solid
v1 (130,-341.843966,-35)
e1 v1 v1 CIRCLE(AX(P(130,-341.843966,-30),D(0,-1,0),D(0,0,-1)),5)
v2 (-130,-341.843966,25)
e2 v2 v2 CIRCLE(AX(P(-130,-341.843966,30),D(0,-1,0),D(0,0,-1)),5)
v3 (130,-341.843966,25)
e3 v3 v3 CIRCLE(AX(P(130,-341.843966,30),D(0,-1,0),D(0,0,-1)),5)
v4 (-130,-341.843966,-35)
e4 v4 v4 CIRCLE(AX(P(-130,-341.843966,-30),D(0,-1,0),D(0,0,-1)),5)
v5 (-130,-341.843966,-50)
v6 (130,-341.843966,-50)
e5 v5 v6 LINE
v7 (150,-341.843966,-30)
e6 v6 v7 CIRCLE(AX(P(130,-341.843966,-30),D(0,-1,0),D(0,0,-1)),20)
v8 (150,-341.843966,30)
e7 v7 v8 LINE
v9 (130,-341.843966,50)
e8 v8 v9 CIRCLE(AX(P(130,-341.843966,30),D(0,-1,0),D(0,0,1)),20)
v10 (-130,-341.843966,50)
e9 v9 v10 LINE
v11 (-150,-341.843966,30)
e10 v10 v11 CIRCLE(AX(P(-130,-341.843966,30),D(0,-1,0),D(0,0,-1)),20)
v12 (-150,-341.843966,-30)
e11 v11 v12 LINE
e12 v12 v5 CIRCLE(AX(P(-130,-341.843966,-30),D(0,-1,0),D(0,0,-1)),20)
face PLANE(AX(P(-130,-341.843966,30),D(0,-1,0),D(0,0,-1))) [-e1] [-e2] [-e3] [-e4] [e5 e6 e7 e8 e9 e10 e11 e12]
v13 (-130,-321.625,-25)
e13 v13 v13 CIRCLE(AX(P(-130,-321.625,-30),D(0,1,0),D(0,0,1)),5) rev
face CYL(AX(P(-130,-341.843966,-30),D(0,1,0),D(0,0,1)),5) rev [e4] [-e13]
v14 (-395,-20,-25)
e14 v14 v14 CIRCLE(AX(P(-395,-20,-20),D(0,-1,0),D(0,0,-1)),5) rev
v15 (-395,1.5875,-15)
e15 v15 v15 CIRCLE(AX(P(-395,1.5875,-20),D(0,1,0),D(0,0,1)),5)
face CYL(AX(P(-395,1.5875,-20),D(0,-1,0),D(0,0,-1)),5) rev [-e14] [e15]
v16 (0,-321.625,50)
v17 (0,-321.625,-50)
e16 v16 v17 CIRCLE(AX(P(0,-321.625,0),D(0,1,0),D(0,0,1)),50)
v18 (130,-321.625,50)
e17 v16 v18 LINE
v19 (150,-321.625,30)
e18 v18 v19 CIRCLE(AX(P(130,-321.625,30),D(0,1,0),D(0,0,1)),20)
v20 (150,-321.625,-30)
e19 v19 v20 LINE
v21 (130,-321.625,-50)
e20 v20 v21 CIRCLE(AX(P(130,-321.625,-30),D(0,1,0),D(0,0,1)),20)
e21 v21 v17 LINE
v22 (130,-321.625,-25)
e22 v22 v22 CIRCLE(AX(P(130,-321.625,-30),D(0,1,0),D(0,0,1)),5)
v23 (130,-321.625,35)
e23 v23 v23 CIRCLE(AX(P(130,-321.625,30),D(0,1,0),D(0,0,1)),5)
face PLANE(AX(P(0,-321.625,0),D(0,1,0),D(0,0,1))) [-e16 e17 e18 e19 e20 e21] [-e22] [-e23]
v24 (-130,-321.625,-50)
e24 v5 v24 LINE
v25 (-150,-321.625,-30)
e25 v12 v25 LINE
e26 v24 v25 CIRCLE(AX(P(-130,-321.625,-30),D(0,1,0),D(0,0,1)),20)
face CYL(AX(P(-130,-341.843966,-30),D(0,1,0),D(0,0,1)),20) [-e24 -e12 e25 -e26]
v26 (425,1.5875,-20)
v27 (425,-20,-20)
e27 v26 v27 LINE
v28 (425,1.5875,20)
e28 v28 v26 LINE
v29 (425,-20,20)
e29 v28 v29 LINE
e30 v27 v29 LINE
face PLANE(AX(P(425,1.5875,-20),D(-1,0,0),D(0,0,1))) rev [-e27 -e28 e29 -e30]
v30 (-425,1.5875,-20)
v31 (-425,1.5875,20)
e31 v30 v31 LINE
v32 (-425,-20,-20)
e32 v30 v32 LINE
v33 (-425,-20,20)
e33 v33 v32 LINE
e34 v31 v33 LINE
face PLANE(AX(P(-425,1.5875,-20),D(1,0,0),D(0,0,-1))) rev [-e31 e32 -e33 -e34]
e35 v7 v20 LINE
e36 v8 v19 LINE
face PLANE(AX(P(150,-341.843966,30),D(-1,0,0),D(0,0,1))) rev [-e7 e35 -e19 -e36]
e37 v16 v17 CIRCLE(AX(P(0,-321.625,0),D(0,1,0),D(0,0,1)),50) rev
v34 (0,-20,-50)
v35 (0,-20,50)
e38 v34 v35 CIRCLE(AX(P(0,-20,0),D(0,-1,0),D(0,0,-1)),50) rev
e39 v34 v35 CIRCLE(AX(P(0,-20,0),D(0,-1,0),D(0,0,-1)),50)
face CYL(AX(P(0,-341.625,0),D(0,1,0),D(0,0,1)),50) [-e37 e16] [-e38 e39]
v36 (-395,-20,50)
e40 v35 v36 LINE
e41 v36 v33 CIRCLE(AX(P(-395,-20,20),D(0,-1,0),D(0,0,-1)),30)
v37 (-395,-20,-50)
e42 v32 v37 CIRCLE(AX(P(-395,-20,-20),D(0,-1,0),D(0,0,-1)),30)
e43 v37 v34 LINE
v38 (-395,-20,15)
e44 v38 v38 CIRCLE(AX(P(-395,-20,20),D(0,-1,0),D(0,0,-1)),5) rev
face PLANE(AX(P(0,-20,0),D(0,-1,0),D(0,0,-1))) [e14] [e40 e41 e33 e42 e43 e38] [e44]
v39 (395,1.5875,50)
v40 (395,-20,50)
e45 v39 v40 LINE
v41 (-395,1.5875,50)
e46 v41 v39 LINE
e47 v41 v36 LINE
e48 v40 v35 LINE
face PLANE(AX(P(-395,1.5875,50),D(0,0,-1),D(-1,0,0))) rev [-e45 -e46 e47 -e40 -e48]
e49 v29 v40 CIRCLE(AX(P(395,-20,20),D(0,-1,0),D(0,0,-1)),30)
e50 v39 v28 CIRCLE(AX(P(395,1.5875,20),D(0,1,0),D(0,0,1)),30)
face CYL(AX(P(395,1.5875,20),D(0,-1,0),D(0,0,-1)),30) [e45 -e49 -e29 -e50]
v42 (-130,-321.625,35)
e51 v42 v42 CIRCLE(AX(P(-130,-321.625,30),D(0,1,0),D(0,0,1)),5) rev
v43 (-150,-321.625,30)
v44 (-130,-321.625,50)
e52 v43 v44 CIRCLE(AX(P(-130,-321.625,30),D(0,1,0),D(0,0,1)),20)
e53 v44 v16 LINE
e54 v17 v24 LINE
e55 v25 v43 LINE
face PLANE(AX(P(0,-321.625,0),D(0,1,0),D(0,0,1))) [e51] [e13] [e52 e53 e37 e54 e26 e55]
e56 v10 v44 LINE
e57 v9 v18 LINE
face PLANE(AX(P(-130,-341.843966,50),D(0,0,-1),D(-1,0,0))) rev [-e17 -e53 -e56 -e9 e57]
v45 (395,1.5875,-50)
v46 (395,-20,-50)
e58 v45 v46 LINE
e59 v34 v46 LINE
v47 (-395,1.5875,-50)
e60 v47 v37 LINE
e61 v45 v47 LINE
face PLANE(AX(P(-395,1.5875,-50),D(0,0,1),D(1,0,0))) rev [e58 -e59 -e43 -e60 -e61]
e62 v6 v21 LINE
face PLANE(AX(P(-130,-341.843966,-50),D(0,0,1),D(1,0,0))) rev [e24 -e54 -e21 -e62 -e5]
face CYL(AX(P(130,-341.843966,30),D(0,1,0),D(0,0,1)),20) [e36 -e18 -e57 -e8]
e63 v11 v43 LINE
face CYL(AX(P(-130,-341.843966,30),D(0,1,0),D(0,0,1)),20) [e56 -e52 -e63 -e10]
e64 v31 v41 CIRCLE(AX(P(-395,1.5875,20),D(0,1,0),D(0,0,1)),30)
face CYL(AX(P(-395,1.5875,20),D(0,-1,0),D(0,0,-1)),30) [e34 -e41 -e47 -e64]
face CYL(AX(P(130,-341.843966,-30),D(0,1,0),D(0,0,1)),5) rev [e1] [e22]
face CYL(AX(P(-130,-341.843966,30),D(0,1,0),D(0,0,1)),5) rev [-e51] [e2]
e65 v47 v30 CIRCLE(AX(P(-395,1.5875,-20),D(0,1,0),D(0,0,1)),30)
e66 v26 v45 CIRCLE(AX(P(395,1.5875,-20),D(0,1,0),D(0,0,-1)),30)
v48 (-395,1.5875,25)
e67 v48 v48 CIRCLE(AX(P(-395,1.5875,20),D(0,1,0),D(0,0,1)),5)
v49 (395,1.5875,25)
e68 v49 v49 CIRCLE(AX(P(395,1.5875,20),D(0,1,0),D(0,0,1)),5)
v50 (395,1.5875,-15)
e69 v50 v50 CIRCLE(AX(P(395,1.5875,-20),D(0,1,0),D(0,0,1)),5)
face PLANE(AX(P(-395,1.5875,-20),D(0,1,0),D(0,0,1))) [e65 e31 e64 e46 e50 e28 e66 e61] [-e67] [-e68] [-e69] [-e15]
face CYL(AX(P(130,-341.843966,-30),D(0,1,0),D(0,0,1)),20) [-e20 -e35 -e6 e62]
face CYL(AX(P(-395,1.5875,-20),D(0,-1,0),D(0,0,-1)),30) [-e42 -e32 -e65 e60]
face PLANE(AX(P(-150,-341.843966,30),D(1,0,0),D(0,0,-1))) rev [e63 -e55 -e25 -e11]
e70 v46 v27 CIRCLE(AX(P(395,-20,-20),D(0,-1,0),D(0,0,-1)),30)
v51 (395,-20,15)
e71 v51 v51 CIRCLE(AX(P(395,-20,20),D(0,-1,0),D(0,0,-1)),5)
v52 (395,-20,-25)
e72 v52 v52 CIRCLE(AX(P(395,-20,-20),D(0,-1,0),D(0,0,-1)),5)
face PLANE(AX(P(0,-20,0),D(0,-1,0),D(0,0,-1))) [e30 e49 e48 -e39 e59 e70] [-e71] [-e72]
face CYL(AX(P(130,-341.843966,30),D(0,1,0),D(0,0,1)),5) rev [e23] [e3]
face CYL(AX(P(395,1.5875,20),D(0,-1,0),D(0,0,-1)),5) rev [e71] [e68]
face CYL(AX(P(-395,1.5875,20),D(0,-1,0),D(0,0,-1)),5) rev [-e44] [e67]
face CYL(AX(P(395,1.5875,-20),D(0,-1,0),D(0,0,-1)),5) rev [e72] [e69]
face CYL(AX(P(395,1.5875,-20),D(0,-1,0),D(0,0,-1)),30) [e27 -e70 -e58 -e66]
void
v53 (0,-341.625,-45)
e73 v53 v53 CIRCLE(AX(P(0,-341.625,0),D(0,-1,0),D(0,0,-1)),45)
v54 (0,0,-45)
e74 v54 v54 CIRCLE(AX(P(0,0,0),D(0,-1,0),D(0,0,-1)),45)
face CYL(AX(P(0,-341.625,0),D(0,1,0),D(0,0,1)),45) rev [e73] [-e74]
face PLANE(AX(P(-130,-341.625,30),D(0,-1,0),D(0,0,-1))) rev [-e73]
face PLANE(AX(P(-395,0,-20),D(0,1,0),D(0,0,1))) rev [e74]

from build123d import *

# Parameters (mm, degrees)
SKETCH1_R           = 5
BOSS_EXTRUDE1_DEPTH = 1.5875
SKETCH2_R           = 50
SKETCH2_R_2         = 45
BOSS_EXTRUDE2_DEPTH = 341.625
SKETCH3_R           = 5
BOSS_EXTRUDE3_DEPTH = 0.218965517
BOSS_EXTRUDE4_START = 20
SKETCH4_R           = 5
BOSS_EXTRUDE4_DEPTH = 20
BOSS_EXTRUDE5_START = 20
SKETCH5_R           = 5
BOSS_EXTRUDE5_DEPTH = 20


with BuildPart() as part:
    # Sketch1 → Boss-Extrude1 (new body)
    with BuildSketch(Plane(origin=(0, 0, 0), x_dir=(1, 0, 0), z_dir=(0, 1, 0))):
        with BuildLine():
            Line((-395, 50), (395, 50))
            ThreePointArc((395, 50), (416.213203436, 41.213203436), (425, 20))
            Line((425, 20), (425, -20))
            ThreePointArc((425, -20), (416.213203436, -41.213203436), (395, -50))
            Line((395, -50), (-395, -50))
            ThreePointArc((-395, -50), (-416.213203436, -41.213203436), (-425, -20))
            Line((-425, -20), (-425, 20))
            ThreePointArc((-425, 20), (-416.213203436, 41.213203436), (-395, 50))
        make_face()
        with Locations((-395, 20)):
            Circle(SKETCH1_R, mode=Mode.SUBTRACT)
        with Locations((-395, -20)):
            Circle(SKETCH1_R, mode=Mode.SUBTRACT)
        with Locations((395, 20)):
            Circle(SKETCH1_R, mode=Mode.SUBTRACT)
        with Locations((395, -20)):
            Circle(SKETCH1_R, mode=Mode.SUBTRACT)
    extrude(amount=BOSS_EXTRUDE1_DEPTH)

    # Sketch2 → Boss-Extrude2 (add)
    with BuildSketch(Plane.XZ):
        Circle(SKETCH2_R)
        Circle(SKETCH2_R_2, mode=Mode.SUBTRACT)
    extrude(amount=BOSS_EXTRUDE2_DEPTH)

    # Sketch3 → Boss-Extrude3 (add)
    with BuildSketch(Plane.XZ.offset(341.625)):
        with BuildLine():
            Line((-130, 50), (130, 50))
            ThreePointArc((130, 50), (144.142135624, 44.142135624), (150, 30))
            Line((150, 30), (150, -30))
            ThreePointArc((150, -30), (144.142135624, -44.142135624), (130, -50))
            Line((130, -50), (-130, -50))
            ThreePointArc((-130, -50), (-144.142135624, -44.142135624), (-150, -30))
            Line((-150, -30), (-150, 30))
            ThreePointArc((-150, 30), (-144.142135624, 44.142135624), (-130, 50))
        make_face()
        with Locations((-130, 30)):
            Circle(SKETCH3_R, mode=Mode.SUBTRACT)
        with Locations((-130, -30)):
            Circle(SKETCH3_R, mode=Mode.SUBTRACT)
        with Locations((130, 30)):
            Circle(SKETCH3_R, mode=Mode.SUBTRACT)
        with Locations((130, -30)):
            Circle(SKETCH3_R, mode=Mode.SUBTRACT)
    extrude(amount=BOSS_EXTRUDE3_DEPTH)

    # Sketch4 → Boss-Extrude4 (add)
    # profile 1 of 2: a face of its own
    with BuildSketch(Plane.XZ.offset(BOSS_EXTRUDE4_START)):
        with BuildLine():
            ThreePointArc((0, 50), (50, 0), (0, -50))
            Line((0, -50), (395, -50))
            ThreePointArc((395, -50), (416.213203436, -41.213203436), (425, -20))
            Line((425, -20), (425, 20))
            ThreePointArc((425, 20), (416.213203436, 41.213203436), (395, 50))
            Line((395, 50), (0, 50))
        make_face()
        with Locations((395, -20)):
            Circle(SKETCH4_R, mode=Mode.SUBTRACT)
        with Locations((395, 20)):
            Circle(SKETCH4_R, mode=Mode.SUBTRACT)
    # profile 2 of 2: a face of its own
    with BuildSketch(Plane.XZ.offset(BOSS_EXTRUDE4_START)):
        with BuildLine():
            Line((-395, -50), (0, -50))
            ThreePointArc((0, -50), (-50, 0), (0, 50))
            Line((0, 50), (-395, 50))
            ThreePointArc((-395, 50), (-416.213203436, 41.213203436), (-425, 20))
            Line((-425, 20), (-425, -20))
            ThreePointArc((-425, -20), (-416.213203436, -41.213203436), (-395, -50))
        make_face()
        with Locations((-395, -20)):
            Circle(SKETCH4_R, mode=Mode.SUBTRACT)
        with Locations((-395, 20)):
            Circle(SKETCH4_R, mode=Mode.SUBTRACT)
    extrude(amount=-BOSS_EXTRUDE4_DEPTH)

    # Sketch5 → Boss-Extrude5 (add)
    # profile 1 of 2: a face of its own
    with BuildSketch(Plane(origin=(0, -341.625, 0), x_dir=(1, 0, 0), z_dir=(0, 1, 0)).offset(BOSS_EXTRUDE5_START)):
        with BuildLine():
            ThreePointArc((150, 30), (144.142135624, 44.142135624), (130, 50))
            Line((130, 50), (0, 50))
            ThreePointArc((0, 50), (50, 0), (0, -50))
            Line((0, -50), (130, -50))
            ThreePointArc((130, -50), (144.142135624, -44.142135624), (150, -30))
            Line((150, -30), (150, 30))
        make_face()
        with Locations((130, -30)):
            Circle(SKETCH5_R, mode=Mode.SUBTRACT)
        with Locations((130, 30)):
            Circle(SKETCH5_R, mode=Mode.SUBTRACT)
    # profile 2 of 2: a face of its own
    with BuildSketch(Plane(origin=(0, -341.625, 0), x_dir=(1, 0, 0), z_dir=(0, 1, 0)).offset(BOSS_EXTRUDE5_START)):
        with BuildLine():
            ThreePointArc((0, -50), (-50, 0), (0, 50))
            Line((0, 50), (-130, 50))
            ThreePointArc((-130, 50), (-144.142135624, 44.142135624), (-150, 30))
            Line((-150, 30), (-150, -30))
            ThreePointArc((-150, -30), (-144.142135624, -44.142135624), (-130, -50))
            Line((-130, -50), (0, -50))
        make_face()
        with Locations((-130, -30)):
            Circle(SKETCH5_R, mode=Mode.SUBTRACT)
        with Locations((-130, 30)):
            Circle(SKETCH5_R, mode=Mode.SUBTRACT)
    extrude(amount=-BOSS_EXTRUDE5_DEPTH)


solid = part.part
